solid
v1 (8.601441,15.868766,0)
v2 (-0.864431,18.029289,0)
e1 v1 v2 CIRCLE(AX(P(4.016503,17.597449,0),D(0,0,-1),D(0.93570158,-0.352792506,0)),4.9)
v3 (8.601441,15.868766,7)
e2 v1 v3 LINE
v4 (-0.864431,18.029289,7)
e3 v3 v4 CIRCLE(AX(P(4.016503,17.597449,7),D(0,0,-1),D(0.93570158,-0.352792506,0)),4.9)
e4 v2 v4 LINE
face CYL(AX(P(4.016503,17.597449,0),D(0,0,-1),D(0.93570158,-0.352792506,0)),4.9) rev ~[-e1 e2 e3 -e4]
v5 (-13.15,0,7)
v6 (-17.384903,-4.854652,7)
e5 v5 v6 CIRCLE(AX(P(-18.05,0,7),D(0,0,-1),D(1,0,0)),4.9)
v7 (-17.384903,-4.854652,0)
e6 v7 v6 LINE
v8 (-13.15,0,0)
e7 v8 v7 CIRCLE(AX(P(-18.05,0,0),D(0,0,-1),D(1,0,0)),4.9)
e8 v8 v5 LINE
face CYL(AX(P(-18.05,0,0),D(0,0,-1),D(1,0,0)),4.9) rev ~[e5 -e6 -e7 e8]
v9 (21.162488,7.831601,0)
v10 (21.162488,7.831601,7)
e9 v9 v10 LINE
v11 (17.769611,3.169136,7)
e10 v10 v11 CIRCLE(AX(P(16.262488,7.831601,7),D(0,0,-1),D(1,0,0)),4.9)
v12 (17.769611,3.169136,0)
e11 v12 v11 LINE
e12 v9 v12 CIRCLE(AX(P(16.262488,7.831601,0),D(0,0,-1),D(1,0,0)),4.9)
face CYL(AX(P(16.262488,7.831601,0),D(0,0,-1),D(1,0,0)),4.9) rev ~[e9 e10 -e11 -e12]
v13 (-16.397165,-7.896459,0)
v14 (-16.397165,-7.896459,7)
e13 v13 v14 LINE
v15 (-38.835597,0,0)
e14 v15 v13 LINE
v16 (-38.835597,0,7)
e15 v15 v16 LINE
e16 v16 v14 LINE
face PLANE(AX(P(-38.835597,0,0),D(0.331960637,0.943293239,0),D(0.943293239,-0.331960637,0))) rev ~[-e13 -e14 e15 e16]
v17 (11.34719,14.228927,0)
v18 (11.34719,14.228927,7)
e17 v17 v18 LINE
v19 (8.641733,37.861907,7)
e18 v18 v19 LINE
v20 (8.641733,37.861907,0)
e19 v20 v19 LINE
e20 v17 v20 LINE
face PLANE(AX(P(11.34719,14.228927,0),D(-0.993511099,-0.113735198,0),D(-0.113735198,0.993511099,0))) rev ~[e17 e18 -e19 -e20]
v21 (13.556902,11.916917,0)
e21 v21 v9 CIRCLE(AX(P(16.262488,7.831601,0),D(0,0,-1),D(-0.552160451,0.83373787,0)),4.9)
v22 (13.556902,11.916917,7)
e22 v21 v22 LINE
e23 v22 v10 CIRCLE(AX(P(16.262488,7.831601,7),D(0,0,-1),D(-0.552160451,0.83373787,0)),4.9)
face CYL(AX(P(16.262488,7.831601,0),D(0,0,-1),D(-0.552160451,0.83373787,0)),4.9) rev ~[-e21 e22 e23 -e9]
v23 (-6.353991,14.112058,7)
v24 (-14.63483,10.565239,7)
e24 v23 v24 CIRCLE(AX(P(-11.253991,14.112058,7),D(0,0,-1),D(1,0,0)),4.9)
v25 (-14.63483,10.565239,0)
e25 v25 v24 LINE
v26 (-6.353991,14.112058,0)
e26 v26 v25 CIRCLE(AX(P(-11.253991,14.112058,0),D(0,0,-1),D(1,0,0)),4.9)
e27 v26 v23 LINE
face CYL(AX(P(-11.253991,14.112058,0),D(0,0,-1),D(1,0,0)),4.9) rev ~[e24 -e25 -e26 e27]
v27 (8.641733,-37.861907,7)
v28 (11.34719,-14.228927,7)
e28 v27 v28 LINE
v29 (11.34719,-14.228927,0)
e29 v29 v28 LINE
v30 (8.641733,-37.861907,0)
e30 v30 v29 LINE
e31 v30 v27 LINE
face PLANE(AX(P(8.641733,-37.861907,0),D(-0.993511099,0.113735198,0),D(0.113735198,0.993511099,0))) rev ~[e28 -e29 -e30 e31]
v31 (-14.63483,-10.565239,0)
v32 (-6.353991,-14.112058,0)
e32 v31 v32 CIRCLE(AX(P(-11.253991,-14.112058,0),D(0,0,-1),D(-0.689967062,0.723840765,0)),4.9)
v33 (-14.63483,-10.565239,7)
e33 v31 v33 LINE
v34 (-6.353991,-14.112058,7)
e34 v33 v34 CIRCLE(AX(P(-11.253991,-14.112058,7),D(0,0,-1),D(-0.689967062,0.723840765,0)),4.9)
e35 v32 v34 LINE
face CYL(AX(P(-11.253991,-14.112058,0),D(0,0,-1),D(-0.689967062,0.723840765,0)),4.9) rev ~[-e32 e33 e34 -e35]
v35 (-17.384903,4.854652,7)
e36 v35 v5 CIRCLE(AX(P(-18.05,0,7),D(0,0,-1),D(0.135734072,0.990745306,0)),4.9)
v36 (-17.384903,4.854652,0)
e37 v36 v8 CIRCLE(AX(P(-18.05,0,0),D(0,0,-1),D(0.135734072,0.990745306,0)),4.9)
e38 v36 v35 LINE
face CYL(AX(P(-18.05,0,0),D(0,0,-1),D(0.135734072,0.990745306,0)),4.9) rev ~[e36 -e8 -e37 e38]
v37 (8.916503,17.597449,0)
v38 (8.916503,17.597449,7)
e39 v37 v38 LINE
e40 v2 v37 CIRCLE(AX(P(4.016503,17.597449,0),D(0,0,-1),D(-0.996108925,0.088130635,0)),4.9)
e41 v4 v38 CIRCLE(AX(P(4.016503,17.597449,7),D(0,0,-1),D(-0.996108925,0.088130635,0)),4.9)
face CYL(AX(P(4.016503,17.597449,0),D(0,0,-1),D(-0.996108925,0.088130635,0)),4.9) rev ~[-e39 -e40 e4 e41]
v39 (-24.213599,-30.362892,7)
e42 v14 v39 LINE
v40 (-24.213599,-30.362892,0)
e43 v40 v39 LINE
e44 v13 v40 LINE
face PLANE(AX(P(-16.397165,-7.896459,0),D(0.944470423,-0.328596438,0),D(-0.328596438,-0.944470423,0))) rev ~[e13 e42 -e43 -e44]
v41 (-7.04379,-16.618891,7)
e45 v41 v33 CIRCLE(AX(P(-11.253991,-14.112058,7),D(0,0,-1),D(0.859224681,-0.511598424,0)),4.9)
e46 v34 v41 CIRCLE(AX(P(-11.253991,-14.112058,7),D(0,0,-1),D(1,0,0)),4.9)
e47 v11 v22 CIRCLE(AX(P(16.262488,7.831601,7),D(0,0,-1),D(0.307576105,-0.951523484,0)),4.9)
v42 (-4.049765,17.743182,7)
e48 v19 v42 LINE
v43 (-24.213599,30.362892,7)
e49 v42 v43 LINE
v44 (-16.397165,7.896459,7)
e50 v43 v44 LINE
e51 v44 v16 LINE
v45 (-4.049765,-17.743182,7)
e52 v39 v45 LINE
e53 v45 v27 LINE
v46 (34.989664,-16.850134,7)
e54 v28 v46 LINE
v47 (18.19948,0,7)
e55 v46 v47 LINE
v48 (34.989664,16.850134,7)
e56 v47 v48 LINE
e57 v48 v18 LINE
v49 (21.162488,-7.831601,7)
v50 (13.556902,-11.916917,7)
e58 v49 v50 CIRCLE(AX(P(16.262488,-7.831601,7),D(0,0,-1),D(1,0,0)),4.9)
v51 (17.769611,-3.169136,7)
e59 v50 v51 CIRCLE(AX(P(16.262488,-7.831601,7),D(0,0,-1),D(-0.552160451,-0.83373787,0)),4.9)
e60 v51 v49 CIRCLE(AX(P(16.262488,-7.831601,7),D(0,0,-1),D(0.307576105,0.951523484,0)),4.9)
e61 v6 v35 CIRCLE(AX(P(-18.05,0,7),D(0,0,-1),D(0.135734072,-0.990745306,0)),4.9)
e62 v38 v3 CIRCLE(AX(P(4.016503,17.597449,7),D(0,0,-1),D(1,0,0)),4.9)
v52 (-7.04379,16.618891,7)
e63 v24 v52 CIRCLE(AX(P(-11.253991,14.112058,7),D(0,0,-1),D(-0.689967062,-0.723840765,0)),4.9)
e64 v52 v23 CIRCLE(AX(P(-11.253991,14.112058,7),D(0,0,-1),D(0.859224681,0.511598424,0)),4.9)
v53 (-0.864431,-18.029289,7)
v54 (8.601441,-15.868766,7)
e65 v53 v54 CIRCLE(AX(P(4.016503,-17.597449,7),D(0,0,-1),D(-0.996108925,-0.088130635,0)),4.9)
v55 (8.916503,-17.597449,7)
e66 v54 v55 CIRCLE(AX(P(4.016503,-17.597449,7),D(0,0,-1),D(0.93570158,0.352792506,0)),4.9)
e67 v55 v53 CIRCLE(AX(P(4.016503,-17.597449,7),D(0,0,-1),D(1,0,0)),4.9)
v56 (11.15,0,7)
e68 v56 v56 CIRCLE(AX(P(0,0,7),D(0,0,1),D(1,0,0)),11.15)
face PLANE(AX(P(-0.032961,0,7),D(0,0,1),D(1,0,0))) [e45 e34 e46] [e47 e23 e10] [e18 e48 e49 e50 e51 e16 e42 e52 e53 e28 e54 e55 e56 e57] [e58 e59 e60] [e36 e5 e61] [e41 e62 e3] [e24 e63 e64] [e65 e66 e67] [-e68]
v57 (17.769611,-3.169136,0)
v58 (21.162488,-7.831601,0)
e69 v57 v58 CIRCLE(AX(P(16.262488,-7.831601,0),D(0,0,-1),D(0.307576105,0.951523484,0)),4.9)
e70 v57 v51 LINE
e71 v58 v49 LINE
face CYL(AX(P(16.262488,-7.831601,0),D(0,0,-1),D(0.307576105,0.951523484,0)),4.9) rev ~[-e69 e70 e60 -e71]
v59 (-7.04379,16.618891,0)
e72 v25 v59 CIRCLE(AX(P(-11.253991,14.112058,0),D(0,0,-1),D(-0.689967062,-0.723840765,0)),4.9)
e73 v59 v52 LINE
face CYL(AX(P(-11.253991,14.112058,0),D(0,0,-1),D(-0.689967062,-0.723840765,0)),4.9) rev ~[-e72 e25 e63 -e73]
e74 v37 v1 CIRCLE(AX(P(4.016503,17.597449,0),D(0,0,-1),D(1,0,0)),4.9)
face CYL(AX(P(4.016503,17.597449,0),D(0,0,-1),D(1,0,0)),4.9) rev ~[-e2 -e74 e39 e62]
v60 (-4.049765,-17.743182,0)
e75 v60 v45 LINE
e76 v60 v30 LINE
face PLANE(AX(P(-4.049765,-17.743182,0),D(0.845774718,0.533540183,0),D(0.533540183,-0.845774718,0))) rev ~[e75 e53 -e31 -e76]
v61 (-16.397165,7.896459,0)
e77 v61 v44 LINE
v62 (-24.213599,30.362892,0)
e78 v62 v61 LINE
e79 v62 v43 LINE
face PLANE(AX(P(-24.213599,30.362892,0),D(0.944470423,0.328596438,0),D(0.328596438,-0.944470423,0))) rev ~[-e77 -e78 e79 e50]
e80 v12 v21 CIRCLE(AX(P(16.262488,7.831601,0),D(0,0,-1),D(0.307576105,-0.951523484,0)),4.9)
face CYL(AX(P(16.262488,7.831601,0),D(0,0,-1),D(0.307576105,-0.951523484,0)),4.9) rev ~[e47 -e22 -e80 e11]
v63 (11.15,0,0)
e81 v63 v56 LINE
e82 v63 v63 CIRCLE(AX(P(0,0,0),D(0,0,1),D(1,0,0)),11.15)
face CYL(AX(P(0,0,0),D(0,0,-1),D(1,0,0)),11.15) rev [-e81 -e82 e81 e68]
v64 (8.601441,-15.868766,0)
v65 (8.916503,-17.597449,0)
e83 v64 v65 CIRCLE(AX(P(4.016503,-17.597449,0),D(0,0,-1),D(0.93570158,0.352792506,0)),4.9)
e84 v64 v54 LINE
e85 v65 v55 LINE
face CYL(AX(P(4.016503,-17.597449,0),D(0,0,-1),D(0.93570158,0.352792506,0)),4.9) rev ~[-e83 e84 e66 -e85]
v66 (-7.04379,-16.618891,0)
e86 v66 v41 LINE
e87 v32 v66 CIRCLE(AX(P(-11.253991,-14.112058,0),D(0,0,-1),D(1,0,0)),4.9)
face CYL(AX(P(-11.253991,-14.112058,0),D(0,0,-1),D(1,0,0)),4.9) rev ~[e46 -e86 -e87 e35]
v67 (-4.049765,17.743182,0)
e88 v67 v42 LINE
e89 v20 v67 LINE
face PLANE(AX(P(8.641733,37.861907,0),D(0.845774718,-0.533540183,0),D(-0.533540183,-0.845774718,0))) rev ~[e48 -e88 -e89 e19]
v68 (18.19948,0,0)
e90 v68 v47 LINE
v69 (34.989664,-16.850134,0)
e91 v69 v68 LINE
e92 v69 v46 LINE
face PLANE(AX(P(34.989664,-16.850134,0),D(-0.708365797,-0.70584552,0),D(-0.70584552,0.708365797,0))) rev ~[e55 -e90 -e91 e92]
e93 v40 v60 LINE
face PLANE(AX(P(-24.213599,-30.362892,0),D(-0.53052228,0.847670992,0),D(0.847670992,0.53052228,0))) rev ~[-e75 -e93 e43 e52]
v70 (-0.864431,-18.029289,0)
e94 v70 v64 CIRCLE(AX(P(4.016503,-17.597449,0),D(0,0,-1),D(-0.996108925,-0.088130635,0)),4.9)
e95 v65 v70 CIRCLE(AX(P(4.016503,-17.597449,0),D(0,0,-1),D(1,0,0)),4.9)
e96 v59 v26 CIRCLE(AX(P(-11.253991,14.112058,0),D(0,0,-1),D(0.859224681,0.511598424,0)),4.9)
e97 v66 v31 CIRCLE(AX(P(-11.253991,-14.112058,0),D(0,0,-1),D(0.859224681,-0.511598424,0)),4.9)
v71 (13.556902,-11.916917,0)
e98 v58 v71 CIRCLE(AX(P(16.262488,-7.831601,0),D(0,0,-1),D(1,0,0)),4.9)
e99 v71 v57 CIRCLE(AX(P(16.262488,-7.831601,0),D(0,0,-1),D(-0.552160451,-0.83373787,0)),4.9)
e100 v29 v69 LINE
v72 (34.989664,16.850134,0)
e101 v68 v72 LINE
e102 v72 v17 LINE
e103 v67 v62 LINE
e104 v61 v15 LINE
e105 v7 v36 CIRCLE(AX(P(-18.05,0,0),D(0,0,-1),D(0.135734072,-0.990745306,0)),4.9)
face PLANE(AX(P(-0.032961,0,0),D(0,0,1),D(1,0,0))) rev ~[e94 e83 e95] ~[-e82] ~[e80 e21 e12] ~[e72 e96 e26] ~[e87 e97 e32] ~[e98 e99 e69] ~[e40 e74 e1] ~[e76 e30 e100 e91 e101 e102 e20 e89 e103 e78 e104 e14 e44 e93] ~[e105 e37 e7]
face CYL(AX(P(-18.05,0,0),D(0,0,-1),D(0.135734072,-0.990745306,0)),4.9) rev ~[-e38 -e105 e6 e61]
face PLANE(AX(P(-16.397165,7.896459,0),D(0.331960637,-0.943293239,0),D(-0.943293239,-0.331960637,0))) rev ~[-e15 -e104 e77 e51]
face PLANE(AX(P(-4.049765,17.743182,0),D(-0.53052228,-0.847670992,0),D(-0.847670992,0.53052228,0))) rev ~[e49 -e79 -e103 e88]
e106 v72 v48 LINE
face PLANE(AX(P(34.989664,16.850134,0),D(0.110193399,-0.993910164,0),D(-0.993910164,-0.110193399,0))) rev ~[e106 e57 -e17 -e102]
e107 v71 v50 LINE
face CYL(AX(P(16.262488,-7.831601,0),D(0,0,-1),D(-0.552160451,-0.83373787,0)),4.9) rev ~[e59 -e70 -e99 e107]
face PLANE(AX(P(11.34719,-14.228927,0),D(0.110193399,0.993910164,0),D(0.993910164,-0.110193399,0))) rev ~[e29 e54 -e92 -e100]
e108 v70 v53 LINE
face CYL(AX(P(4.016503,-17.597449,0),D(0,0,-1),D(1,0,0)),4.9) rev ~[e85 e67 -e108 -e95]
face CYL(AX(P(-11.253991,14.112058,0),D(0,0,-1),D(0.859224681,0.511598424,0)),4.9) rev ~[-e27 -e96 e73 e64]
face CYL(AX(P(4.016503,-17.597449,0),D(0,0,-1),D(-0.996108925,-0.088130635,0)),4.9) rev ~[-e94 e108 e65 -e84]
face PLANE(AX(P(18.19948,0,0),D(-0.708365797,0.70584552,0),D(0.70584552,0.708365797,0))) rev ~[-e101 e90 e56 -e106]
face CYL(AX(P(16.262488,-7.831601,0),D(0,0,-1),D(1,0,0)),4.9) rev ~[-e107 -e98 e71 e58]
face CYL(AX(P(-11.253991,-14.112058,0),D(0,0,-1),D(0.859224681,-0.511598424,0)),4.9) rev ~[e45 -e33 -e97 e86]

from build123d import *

# Parameters (mm, degrees)
F0_R     = 11.15
F1_DEPTH = 7


with BuildPart() as f1:
    # F0 (on Top) → F1 (new body)
    with BuildSketch(Plane.XY):
        with BuildLine():
            ThreePointArc((18.0493713478, -0.1506451083), (18.0498428363, -0.07532321), (18.05, 0))
            ThreePointArc((18.05, 0), (18.0498428363, 0.07532321), (18.0493713478, 0.1506451083))
            ThreePointArc((18.0493713478, 0.1506451083), (17.9729712675, 1.6657742397), (17.7696109789, 3.1691364216))
            ThreePointArc((17.7696109789, 3.1691364216), (11.8477406129, 5.7055711694), (13.556901855, 11.916917055))
            ThreePointArc((13.556901855, 11.916917055), (12.5083190376, 13.0132415198), (11.3713780537, 14.0176410698))
            ThreePointArc((11.3713780537, 14.0176410698), (11.2539909236, 14.1120582585), (11.135819877, 14.2054924472))
            ThreePointArc((11.135819877, 14.2054924472), (9.9036095511, 15.0904280211), (8.6014406017, 15.8687655341))
            ThreePointArc((8.6014406017, 15.8687655341), (2.9261502815, 12.8203020452), (-0.8644308762, 18.0292889283))
            ThreePointArc((-0.8644308762, 18.0292889283), (-2.3753525508, 17.8930209931), (-3.8694948487, 17.6303576145))
            ThreePointArc((-3.8694948487, 17.6303576145), (-4.0165028579, 17.5974488149), (-4.1632310906, 17.5633142341))
            ThreePointArc((-4.1632310906, 17.5633142341), (-5.6233721541, 17.151681714), (-7.043789986, 16.6188905356))
            ThreePointArc((-7.043789986, 16.6188905356), (-6.5295870144, 15.4120612212), (-6.3539909236, 14.1120582585))
            ThreePointArc((-6.3539909236, 14.1120582585), (-9.3247565098, 9.6078319569), (-14.6348295264, 10.5652385082))
            ThreePointArc((-14.6348295264, 10.5652385082), (-15.4703352201, 9.2989907075), (-16.1965592067, 7.9670552818))
            ThreePointArc((-16.1965592067, 7.9670552818), (-16.2624880656, 7.8316014911), (-16.3272841325, 7.6956021764))
            ThreePointArc((-16.3272841325, 7.6956021764), (-16.9158399314, 6.2973692457), (-17.3849030471, 4.8546520002))
            ThreePointArc((-17.3849030471, 4.8546520002), (-14.3575093047, 3.2211042308), (-13.15, 0))
            ThreePointArc((-13.15, 0), (-14.3575093047, -3.2211042308), (-17.3849030471, -4.8546520002))
            ThreePointArc((-17.3849030471, -4.8546520002), (-16.9158399314, -6.2973692457), (-16.3272841325, -7.6956021764))
            ThreePointArc((-16.3272841325, -7.6956021764), (-16.2624880656, -7.8316014911), (-16.1965592067, -7.9670552818))
            ThreePointArc((-16.1965592067, -7.9670552818), (-15.4703352201, -9.2989907075), (-14.6348295264, -10.5652385082))
            ThreePointArc((-14.6348295264, -10.5652385082), (-9.3247565098, -9.6078319569), (-6.3539909236, -14.1120582585))
            ThreePointArc((-6.3539909236, -14.1120582585), (-6.5295870144, -15.4120612212), (-7.043789986, -16.6188905356))
            ThreePointArc((-7.043789986, -16.6188905356), (-5.6233721541, -17.151681714), (-4.1632310906, -17.5633142341))
            ThreePointArc((-4.1632310906, -17.5633142341), (-4.0165028579, -17.5974488149), (-3.8694948487, -17.6303576145))
            ThreePointArc((-3.8694948487, -17.6303576145), (-2.3753525508, -17.8930209931), (-0.8644308762, -18.0292889283))
            ThreePointArc((-0.8644308762, -18.0292889283), (2.9261502815, -12.8203020452), (8.6014406017, -15.8687655341))
            ThreePointArc((8.6014406017, -15.8687655341), (9.9036095511, -15.0904280211), (11.135819877, -14.2054924472))
            ThreePointArc((11.135819877, -14.2054924472), (11.2539909236, -14.1120582585), (11.3713780537, -14.0176410698))
            ThreePointArc((11.3713780537, -14.0176410698), (12.5083190376, -13.0132415198), (13.556901855, -11.916917055))
            ThreePointArc((13.556901855, -11.916917055), (11.8477406129, -5.7055711694), (17.7696109789, -3.1691364216))
            ThreePointArc((17.7696109789, -3.1691364216), (17.9729712675, -1.6657742397), (18.0493713478, -0.1506451083))
        make_face()
        Circle(F0_R, mode=Mode.SUBTRACT)
        with BuildLine():
            Line((11.135819877, 14.2054924472), (11.3471904782, 14.2289268035))
            Line((11.3471904782, 14.2289268035), (8.641733305, 37.861907457))
            Line((8.641733305, 37.861907457), (-4.0497653938, 17.7431815068))
            Line((-4.0497653938, 17.7431815068), (-3.8694948487, 17.6303576145))
            ThreePointArc((-3.8694948487, 17.6303576145), (-2.3753525508, 17.8930209931), (-0.8644308762, 18.0292889283))
            ThreePointArc((-0.8644308762, 18.0292889283), (4.2326332619, 22.4926799278), (8.9165028579, 17.5974488149))
            ThreePointArc((8.9165028579, 17.5974488149), (8.8370938458, 16.7188689792), (8.6014406017, 15.8687655341))
            ThreePointArc((8.6014406017, 15.8687655341), (9.9036095511, 15.0904280211), (11.135819877, 14.2054924472))
        make_face()
        with BuildLine():
            Line((-38.8355969543, 0), (-16.3971653241, -7.8964586405))
            Line((-16.3971653241, -7.8964586405), (-16.3272841325, -7.6956021764))
            ThreePointArc((-16.3272841325, -7.6956021764), (-16.9158399314, -6.2973692457), (-17.3849030471, -4.8546520002))
            ThreePointArc((-17.3849030471, -4.8546520002), (-22.95, 0), (-17.3849030471, 4.8546520002))
            ThreePointArc((-17.3849030471, 4.8546520002), (-16.9158399314, 6.2973692457), (-16.3272841325, 7.6956021764))
            Line((-16.3272841325, 7.6956021764), (-16.3971653241, 7.8964586405))
            Line((-16.3971653241, 7.8964586405), (-38.8355969543, 0))
        make_face()
        with BuildLine():
            Line((-4.1632310906, 17.5633142341), (-4.0497653938, 17.7431815068))
            Line((-4.0497653938, 17.7431815068), (-24.2135986501, 30.3628923393))
            Line((-24.2135986501, 30.3628923393), (-16.3971653241, 7.8964586405))
            Line((-16.3971653241, 7.8964586405), (-16.1965592067, 7.9670552818))
            ThreePointArc((-16.1965592067, 7.9670552818), (-15.4703352201, 9.2989907075), (-14.6348295264, 10.5652385082))
            ThreePointArc((-14.6348295264, 10.5652385082), (-14.3090909527, 17.9430325226), (-7.043789986, 16.6188905356))
            ThreePointArc((-7.043789986, 16.6188905356), (-5.6233721541, 17.151681714), (-4.1632310906, 17.5633142341))
        make_face()
        with BuildLine():
            ThreePointArc((17.7696109789, 3.1691364216), (17.9729712675, 1.6657742397), (18.0493713478, 0.1506451083))
            Line((18.0493713478, 0.1506451083), (18.1994804796, 0))
            Line((18.1994804796, 0), (34.9896638222, 16.8501340174))
            Line((34.9896638222, 16.8501340174), (11.3471904782, 14.2289268035))
            Line((11.3471904782, 14.2289268035), (11.3713780537, 14.0176410698))
            ThreePointArc((11.3713780537, 14.0176410698), (12.5083190376, 13.0132415198), (13.556901855, 11.916917055))
            ThreePointArc((13.556901855, 11.916917055), (18.5811760101, 12.1482768572), (21.1624880656, 7.8316014911))
            ThreePointArc((21.1624880656, 7.8316014911), (20.2244889664, 4.9484523686), (17.7696109789, 3.1691364216))
        make_face()
        with BuildLine():
            Line((18.1994804796, 0), (18.0493713478, -0.1506451083))
            ThreePointArc((18.0493713478, -0.1506451083), (17.9729712675, -1.6657742397), (17.7696109789, -3.1691364216))
            ThreePointArc((17.7696109789, -3.1691364216), (20.2244889664, -4.9484523686), (21.1624880656, -7.8316014911))
            ThreePointArc((21.1624880656, -7.8316014911), (18.5811760101, -12.1482768572), (13.556901855, -11.916917055))
            ThreePointArc((13.556901855, -11.916917055), (12.5083190376, -13.0132415198), (11.3713780537, -14.0176410698))
            Line((11.3713780537, -14.0176410698), (11.3471904782, -14.2289268035))
            Line((11.3471904782, -14.2289268035), (34.9896638222, -16.8501340174))
            Line((34.9896638222, -16.8501340174), (18.1994804796, 0))
        make_face()
        with BuildLine():
            Line((-16.3272841325, -7.6956021764), (-16.3971653241, -7.8964586405))
            Line((-16.3971653241, -7.8964586405), (-16.1965592067, -7.9670552818))
            ThreePointArc((-16.1965592067, -7.9670552818), (-16.2624880656, -7.8316014911), (-16.3272841325, -7.6956021764))
        make_face()
        with BuildLine():
            Line((-16.1965592067, 7.9670552818), (-16.3971653241, 7.8964586405))
            Line((-16.3971653241, 7.8964586405), (-16.3272841325, 7.6956021764))
            ThreePointArc((-16.3272841325, 7.6956021764), (-16.2624880656, 7.8316014911), (-16.1965592067, 7.9670552818))
        make_face()
        with BuildLine():
            Line((-3.8694948487, 17.6303576145), (-4.0497653938, 17.7431815068))
            Line((-4.0497653938, 17.7431815068), (-4.1632310906, 17.5633142341))
            ThreePointArc((-4.1632310906, 17.5633142341), (-4.0165028579, 17.5974488149), (-3.8694948487, 17.6303576145))
        make_face()
        with BuildLine():
            ThreePointArc((18.0493713478, 0.1506451083), (18.0498428363, 0.07532321), (18.05, 0))
            ThreePointArc((18.05, 0), (18.0498428363, -0.07532321), (18.0493713478, -0.1506451083))
            Line((18.0493713478, -0.1506451083), (18.1994804796, 0))
            Line((18.1994804796, 0), (18.0493713478, 0.1506451083))
        make_face()
        with BuildLine():
            ThreePointArc((11.135819877, 14.2054924472), (11.2539909236, 14.1120582585), (11.3713780537, 14.0176410698))
            Line((11.3713780537, 14.0176410698), (11.3471904782, 14.2289268035))
            Line((11.3471904782, 14.2289268035), (11.135819877, 14.2054924472))
        make_face()
        with BuildLine():
            Line((11.135819877, -14.2054924472), (11.3471904782, -14.2289268035))
            Line((11.3471904782, -14.2289268035), (11.3713780537, -14.0176410698))
            ThreePointArc((11.3713780537, -14.0176410698), (11.2539909236, -14.1120582585), (11.135819877, -14.2054924472))
        make_face()
        with BuildLine():
            Line((-4.1632310906, -17.5633142341), (-4.0497653938, -17.7431815068))
            Line((-4.0497653938, -17.7431815068), (-3.8694948487, -17.6303576145))
            ThreePointArc((-3.8694948487, -17.6303576145), (-4.0165028579, -17.5974488149), (-4.1632310906, -17.5633142341))
        make_face()
        with BuildLine():
            Line((8.641733305, -37.861907457), (11.3471904782, -14.2289268035))
            Line((11.3471904782, -14.2289268035), (11.135819877, -14.2054924472))
            ThreePointArc((11.135819877, -14.2054924472), (9.9036095511, -15.0904280211), (8.6014406017, -15.8687655341))
            ThreePointArc((8.6014406017, -15.8687655341), (8.8370938458, -16.7188689792), (8.9165028579, -17.5974488149))
            ThreePointArc((8.9165028579, -17.5974488149), (4.2326332619, -22.4926799278), (-0.8644308762, -18.0292889283))
            ThreePointArc((-0.8644308762, -18.0292889283), (-2.3753525508, -17.8930209931), (-3.8694948487, -17.6303576145))
            Line((-3.8694948487, -17.6303576145), (-4.0497653938, -17.7431815068))
            Line((-4.0497653938, -17.7431815068), (8.641733305, -37.861907457))
        make_face()
        with BuildLine():
            Line((-24.2135986501, -30.3628923393), (-4.0497653938, -17.7431815068))
            Line((-4.0497653938, -17.7431815068), (-4.1632310906, -17.5633142341))
            ThreePointArc((-4.1632310906, -17.5633142341), (-5.6233721541, -17.151681714), (-7.043789986, -16.6188905356))
            ThreePointArc((-7.043789986, -16.6188905356), (-14.3090909527, -17.9430325226), (-14.6348295264, -10.5652385082))
            ThreePointArc((-14.6348295264, -10.5652385082), (-15.4703352201, -9.2989907075), (-16.1965592067, -7.9670552818))
            Line((-16.1965592067, -7.9670552818), (-16.3971653241, -7.8964586405))
            Line((-16.3971653241, -7.8964586405), (-24.2135986501, -30.3628923393))
        make_face()
    extrude(amount=F1_DEPTH)


solid = f1.part
